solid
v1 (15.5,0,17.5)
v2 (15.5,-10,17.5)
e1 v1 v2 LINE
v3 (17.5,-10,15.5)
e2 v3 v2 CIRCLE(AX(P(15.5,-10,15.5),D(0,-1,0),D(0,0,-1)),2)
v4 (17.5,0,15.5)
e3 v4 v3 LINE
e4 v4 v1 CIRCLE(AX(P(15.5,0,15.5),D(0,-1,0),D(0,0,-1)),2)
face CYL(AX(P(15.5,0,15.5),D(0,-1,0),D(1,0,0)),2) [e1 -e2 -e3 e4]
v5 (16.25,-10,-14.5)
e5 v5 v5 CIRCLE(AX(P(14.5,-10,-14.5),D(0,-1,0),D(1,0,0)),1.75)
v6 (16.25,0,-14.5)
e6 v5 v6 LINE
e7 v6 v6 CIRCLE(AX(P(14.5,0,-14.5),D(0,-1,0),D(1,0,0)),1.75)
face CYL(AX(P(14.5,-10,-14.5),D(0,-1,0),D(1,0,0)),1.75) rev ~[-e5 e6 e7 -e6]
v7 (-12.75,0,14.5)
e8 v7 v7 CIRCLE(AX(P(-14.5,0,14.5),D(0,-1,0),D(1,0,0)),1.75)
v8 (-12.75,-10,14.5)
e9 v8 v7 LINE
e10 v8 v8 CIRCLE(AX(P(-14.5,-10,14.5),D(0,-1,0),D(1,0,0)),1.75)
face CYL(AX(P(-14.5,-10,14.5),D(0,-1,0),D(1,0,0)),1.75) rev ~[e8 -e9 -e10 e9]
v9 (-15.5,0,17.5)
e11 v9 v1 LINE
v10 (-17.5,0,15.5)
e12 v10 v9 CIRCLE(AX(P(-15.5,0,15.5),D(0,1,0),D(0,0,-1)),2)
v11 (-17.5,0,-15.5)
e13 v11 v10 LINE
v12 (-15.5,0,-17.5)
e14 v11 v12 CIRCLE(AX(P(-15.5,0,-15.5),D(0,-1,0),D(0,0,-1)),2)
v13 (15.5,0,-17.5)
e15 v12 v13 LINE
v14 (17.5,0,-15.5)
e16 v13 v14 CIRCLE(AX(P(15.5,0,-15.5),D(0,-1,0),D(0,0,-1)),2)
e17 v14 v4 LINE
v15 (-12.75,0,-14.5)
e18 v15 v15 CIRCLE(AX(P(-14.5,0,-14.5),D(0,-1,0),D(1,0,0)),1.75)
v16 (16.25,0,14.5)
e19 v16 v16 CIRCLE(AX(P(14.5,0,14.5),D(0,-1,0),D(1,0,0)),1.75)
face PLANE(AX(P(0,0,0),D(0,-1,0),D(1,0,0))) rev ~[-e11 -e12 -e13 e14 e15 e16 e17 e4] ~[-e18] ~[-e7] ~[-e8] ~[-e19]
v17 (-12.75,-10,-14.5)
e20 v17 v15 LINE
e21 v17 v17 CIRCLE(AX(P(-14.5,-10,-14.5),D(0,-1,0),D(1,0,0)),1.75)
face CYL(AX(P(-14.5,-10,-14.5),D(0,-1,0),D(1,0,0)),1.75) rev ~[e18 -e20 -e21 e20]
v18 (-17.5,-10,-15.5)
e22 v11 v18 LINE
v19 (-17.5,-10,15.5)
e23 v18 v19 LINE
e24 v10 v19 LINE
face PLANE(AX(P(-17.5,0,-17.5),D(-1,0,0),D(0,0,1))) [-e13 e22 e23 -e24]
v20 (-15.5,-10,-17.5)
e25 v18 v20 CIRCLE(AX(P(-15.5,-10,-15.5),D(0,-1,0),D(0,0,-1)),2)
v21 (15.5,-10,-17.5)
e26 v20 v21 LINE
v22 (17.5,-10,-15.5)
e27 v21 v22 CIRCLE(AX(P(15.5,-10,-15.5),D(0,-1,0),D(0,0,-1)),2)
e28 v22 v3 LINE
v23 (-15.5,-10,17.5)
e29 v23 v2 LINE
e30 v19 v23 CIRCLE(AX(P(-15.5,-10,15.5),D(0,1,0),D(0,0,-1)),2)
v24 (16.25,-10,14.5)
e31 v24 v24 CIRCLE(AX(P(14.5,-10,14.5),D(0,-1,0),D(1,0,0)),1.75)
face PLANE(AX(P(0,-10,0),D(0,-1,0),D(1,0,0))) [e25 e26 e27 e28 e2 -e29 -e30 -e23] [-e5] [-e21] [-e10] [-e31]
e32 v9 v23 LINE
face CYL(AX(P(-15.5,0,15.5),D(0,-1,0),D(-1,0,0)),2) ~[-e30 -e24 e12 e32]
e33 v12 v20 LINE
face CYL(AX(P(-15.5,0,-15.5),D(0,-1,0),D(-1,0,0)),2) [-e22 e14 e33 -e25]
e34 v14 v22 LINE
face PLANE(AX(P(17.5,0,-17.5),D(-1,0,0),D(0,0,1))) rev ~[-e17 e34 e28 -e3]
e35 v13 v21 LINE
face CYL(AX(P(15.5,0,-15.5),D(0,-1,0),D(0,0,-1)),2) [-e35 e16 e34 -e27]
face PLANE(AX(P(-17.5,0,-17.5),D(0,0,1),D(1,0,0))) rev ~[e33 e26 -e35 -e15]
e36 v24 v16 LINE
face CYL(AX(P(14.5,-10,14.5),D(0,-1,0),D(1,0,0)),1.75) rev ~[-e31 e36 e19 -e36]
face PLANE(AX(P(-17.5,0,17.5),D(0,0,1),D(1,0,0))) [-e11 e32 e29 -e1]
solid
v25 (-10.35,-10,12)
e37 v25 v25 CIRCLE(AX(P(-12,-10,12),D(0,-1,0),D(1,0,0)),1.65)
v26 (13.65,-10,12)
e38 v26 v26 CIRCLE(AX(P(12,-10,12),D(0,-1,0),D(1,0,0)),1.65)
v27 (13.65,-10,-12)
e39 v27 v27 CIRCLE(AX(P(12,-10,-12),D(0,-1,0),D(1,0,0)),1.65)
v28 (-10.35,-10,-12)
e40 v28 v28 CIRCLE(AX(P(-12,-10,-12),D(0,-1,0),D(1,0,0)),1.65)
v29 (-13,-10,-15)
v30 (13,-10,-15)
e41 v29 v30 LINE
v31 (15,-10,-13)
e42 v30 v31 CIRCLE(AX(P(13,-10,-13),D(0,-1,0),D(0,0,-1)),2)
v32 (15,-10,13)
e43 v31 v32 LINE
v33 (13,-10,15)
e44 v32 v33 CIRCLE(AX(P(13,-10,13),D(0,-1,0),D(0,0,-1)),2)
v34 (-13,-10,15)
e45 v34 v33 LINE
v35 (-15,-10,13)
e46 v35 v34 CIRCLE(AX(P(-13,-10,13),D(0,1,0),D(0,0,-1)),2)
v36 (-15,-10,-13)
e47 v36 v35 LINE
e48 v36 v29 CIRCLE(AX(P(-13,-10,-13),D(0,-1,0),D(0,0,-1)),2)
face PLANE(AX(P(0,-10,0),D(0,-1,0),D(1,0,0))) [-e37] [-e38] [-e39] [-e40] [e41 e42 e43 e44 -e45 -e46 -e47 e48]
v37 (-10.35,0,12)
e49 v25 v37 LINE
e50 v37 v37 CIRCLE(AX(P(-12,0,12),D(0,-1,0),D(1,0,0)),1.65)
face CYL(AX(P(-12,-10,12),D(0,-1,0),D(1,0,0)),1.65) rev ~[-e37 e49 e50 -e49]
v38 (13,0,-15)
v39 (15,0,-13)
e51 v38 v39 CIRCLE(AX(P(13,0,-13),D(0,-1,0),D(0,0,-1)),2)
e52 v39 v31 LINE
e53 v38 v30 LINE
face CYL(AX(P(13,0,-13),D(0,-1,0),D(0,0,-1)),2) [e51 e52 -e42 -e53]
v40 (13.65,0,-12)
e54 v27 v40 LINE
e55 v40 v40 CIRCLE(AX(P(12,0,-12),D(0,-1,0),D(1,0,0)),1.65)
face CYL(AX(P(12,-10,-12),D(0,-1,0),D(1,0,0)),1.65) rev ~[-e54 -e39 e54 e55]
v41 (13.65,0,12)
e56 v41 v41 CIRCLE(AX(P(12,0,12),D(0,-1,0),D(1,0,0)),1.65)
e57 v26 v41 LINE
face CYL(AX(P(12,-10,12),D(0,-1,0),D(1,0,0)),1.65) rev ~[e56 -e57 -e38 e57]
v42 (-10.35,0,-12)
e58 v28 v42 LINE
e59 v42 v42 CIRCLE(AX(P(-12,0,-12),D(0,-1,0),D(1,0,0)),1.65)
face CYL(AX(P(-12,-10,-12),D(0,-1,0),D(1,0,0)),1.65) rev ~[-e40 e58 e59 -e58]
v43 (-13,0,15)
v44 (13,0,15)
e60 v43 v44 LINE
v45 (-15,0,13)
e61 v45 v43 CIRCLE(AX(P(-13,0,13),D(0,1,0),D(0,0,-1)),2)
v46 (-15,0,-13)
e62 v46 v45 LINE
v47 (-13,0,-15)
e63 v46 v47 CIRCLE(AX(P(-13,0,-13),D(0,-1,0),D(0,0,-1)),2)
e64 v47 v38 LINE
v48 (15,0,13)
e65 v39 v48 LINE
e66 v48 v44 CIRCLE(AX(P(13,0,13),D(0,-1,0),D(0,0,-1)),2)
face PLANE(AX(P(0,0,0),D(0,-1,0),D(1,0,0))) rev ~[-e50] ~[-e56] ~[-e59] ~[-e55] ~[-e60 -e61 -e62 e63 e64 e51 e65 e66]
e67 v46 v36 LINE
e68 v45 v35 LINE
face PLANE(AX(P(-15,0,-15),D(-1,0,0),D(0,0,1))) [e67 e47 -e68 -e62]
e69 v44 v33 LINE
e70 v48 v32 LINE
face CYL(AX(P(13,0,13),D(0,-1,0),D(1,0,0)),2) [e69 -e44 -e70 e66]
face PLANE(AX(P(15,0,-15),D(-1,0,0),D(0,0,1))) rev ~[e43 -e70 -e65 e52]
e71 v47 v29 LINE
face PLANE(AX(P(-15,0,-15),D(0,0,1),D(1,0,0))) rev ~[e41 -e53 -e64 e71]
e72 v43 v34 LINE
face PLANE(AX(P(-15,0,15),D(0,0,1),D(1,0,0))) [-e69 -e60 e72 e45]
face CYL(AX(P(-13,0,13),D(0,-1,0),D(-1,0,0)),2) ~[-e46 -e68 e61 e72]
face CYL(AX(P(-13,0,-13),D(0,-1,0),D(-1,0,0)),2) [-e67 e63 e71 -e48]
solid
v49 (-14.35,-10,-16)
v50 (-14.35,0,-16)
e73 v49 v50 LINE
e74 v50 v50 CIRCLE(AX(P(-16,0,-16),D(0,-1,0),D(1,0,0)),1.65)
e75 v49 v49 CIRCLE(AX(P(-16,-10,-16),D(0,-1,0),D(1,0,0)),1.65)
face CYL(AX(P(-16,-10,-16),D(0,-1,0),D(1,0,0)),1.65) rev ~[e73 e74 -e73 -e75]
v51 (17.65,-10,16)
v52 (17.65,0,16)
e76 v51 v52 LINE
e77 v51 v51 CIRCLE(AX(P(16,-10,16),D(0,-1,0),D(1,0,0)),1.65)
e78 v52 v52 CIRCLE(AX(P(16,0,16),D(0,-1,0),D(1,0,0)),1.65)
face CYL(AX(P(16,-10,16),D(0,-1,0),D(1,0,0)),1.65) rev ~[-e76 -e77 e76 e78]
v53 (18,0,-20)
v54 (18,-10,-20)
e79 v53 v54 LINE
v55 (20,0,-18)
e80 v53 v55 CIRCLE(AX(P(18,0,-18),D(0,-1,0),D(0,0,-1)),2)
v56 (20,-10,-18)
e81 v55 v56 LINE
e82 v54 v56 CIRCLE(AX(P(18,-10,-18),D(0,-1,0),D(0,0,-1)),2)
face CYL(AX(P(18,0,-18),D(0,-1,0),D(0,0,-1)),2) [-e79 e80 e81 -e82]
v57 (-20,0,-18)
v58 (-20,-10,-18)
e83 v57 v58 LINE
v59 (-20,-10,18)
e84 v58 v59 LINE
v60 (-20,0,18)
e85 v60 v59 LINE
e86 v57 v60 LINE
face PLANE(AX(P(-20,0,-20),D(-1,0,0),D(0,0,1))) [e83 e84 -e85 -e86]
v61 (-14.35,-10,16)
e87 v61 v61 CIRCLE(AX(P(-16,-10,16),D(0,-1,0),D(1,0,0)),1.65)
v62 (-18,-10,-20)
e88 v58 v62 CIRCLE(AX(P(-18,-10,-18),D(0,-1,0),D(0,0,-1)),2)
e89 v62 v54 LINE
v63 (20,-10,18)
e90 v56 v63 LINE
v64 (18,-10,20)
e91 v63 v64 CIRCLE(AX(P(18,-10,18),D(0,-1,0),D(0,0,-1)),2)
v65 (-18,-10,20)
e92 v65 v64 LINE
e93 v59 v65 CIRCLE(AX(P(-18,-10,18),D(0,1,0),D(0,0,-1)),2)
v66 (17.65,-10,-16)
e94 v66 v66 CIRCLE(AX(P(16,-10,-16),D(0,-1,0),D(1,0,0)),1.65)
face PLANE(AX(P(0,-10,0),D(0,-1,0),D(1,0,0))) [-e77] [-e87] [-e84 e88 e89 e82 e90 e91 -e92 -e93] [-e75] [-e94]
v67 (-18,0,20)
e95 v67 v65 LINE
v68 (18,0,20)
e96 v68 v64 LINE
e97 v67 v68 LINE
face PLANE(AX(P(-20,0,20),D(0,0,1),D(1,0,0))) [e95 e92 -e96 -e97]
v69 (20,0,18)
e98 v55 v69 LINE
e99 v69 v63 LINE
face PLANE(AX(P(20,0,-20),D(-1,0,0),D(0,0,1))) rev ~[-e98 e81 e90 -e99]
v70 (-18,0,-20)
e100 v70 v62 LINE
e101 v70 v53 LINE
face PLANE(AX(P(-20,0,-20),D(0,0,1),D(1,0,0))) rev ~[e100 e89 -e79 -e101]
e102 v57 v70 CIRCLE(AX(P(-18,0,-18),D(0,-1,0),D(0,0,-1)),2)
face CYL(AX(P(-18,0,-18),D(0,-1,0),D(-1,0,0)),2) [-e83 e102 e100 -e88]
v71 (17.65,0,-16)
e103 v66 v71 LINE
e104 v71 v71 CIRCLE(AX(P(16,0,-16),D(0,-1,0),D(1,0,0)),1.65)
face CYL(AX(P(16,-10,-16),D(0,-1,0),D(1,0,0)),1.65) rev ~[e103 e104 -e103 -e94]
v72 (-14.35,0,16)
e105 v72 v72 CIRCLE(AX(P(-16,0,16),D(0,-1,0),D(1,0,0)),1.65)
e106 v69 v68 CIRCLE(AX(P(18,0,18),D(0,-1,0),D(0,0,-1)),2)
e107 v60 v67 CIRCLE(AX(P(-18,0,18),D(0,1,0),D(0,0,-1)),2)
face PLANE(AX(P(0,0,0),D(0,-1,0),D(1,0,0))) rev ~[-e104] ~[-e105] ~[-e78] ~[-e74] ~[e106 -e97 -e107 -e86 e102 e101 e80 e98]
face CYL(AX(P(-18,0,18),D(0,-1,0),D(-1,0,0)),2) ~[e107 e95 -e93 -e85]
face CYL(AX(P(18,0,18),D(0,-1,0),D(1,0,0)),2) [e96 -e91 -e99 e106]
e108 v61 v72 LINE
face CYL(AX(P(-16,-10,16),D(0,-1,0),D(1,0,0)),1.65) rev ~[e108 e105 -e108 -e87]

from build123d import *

# Parameters (mm, degrees)
F0_W      = 30
F0_H      = 30
F1_DEPTH  = 10
F2_R      = 2
F3_R      = 1.65
F4_DEPTH  = 25
F5_W      = 40
F5_H      = 40
F6_DEPTH  = 10
F7_R      = 2
F8_R      = 1.65
F9_DEPTH  = 25
F10_W     = 35
F10_H     = 35
F11_DEPTH = 10
F12_R     = 2
F13_R     = 1.75
F14_DEPTH = 25


with BuildPart() as f1:
    # F0 (on Front) → F1 (new body)
    with BuildSketch(Plane.XZ):
        Rectangle(F0_W, F0_H)
    extrude(amount=F1_DEPTH)

    # F2
    f2_edges = [f1.edges().sort_by_distance(p)[0] for p in [
        (-15, -5, 15),
        (-15, -5, -15),
        (15, -5, -15),
        (15, -5, 15),
    ]]
    fillet(f2_edges, radius=F2_R)

    # F3 (on face) → F4 (cut)
    with BuildSketch(Plane.XZ.offset(10)):
        with Locations((-12, 12)):
            Circle(F3_R)
        with Locations((12, 12)):
            Circle(F3_R)
        with Locations((12, -12)):
            Circle(F3_R)
        with Locations((-12, -12)):
            Circle(F3_R)
    extrude(amount=-F4_DEPTH, mode=Mode.SUBTRACT)


with BuildPart() as f6:
    # F5 (on Front) → F6 (new body)
    with BuildSketch(Plane.XZ):
        Rectangle(F5_W, F5_H)
    extrude(amount=F6_DEPTH)

    # F7
    f7_edges = [f6.edges().sort_by_distance(p)[0] for p in [
        (-20, -5, 20),
        (-20, -5, -20),
        (20, -5, 20),
        (20, -5, -20),
    ]]
    fillet(f7_edges, radius=F7_R)

    # F8 (on face) → F9 (cut)
    with BuildSketch(Plane.XZ.offset(10)):
        with Locations((-16, 16)):
            Circle(F8_R)
        with Locations((16, 16)):
            Circle(F8_R)
        with Locations((-16, -16)):
            Circle(F8_R)
        with Locations((16, -16)):
            Circle(F8_R)
    extrude(amount=-F9_DEPTH, mode=Mode.SUBTRACT)


with BuildPart() as f11:
    # F10 (on Front) → F11 (new body)
    with BuildSketch(Plane.XZ):
        Rectangle(F10_W, F10_H)
    extrude(amount=F11_DEPTH)

    # F12
    f12_edges = [f11.edges().sort_by_distance(p)[0] for p in [
        (-17.5, -5, 17.5),
        (-17.5, -5, -17.5),
        (17.5, -5, 17.5),
        (17.5, -5, -17.5),
    ]]
    fillet(f12_edges, radius=F12_R)

    # F13 (on face) → F14 (cut)
    with BuildSketch(Plane.XZ.offset(10)):
        with Locations((-14.5, 14.5)):
            Circle(F13_R)
        with Locations((14.5, 14.5)):
            Circle(F13_R)
        with Locations((14.5, -14.5)):
            Circle(F13_R)
        with Locations((-14.5, -14.5)):
            Circle(F13_R)
    extrude(amount=-F14_DEPTH, mode=Mode.SUBTRACT)


solid = Compound([f1.part, f6.part, f11.part])
